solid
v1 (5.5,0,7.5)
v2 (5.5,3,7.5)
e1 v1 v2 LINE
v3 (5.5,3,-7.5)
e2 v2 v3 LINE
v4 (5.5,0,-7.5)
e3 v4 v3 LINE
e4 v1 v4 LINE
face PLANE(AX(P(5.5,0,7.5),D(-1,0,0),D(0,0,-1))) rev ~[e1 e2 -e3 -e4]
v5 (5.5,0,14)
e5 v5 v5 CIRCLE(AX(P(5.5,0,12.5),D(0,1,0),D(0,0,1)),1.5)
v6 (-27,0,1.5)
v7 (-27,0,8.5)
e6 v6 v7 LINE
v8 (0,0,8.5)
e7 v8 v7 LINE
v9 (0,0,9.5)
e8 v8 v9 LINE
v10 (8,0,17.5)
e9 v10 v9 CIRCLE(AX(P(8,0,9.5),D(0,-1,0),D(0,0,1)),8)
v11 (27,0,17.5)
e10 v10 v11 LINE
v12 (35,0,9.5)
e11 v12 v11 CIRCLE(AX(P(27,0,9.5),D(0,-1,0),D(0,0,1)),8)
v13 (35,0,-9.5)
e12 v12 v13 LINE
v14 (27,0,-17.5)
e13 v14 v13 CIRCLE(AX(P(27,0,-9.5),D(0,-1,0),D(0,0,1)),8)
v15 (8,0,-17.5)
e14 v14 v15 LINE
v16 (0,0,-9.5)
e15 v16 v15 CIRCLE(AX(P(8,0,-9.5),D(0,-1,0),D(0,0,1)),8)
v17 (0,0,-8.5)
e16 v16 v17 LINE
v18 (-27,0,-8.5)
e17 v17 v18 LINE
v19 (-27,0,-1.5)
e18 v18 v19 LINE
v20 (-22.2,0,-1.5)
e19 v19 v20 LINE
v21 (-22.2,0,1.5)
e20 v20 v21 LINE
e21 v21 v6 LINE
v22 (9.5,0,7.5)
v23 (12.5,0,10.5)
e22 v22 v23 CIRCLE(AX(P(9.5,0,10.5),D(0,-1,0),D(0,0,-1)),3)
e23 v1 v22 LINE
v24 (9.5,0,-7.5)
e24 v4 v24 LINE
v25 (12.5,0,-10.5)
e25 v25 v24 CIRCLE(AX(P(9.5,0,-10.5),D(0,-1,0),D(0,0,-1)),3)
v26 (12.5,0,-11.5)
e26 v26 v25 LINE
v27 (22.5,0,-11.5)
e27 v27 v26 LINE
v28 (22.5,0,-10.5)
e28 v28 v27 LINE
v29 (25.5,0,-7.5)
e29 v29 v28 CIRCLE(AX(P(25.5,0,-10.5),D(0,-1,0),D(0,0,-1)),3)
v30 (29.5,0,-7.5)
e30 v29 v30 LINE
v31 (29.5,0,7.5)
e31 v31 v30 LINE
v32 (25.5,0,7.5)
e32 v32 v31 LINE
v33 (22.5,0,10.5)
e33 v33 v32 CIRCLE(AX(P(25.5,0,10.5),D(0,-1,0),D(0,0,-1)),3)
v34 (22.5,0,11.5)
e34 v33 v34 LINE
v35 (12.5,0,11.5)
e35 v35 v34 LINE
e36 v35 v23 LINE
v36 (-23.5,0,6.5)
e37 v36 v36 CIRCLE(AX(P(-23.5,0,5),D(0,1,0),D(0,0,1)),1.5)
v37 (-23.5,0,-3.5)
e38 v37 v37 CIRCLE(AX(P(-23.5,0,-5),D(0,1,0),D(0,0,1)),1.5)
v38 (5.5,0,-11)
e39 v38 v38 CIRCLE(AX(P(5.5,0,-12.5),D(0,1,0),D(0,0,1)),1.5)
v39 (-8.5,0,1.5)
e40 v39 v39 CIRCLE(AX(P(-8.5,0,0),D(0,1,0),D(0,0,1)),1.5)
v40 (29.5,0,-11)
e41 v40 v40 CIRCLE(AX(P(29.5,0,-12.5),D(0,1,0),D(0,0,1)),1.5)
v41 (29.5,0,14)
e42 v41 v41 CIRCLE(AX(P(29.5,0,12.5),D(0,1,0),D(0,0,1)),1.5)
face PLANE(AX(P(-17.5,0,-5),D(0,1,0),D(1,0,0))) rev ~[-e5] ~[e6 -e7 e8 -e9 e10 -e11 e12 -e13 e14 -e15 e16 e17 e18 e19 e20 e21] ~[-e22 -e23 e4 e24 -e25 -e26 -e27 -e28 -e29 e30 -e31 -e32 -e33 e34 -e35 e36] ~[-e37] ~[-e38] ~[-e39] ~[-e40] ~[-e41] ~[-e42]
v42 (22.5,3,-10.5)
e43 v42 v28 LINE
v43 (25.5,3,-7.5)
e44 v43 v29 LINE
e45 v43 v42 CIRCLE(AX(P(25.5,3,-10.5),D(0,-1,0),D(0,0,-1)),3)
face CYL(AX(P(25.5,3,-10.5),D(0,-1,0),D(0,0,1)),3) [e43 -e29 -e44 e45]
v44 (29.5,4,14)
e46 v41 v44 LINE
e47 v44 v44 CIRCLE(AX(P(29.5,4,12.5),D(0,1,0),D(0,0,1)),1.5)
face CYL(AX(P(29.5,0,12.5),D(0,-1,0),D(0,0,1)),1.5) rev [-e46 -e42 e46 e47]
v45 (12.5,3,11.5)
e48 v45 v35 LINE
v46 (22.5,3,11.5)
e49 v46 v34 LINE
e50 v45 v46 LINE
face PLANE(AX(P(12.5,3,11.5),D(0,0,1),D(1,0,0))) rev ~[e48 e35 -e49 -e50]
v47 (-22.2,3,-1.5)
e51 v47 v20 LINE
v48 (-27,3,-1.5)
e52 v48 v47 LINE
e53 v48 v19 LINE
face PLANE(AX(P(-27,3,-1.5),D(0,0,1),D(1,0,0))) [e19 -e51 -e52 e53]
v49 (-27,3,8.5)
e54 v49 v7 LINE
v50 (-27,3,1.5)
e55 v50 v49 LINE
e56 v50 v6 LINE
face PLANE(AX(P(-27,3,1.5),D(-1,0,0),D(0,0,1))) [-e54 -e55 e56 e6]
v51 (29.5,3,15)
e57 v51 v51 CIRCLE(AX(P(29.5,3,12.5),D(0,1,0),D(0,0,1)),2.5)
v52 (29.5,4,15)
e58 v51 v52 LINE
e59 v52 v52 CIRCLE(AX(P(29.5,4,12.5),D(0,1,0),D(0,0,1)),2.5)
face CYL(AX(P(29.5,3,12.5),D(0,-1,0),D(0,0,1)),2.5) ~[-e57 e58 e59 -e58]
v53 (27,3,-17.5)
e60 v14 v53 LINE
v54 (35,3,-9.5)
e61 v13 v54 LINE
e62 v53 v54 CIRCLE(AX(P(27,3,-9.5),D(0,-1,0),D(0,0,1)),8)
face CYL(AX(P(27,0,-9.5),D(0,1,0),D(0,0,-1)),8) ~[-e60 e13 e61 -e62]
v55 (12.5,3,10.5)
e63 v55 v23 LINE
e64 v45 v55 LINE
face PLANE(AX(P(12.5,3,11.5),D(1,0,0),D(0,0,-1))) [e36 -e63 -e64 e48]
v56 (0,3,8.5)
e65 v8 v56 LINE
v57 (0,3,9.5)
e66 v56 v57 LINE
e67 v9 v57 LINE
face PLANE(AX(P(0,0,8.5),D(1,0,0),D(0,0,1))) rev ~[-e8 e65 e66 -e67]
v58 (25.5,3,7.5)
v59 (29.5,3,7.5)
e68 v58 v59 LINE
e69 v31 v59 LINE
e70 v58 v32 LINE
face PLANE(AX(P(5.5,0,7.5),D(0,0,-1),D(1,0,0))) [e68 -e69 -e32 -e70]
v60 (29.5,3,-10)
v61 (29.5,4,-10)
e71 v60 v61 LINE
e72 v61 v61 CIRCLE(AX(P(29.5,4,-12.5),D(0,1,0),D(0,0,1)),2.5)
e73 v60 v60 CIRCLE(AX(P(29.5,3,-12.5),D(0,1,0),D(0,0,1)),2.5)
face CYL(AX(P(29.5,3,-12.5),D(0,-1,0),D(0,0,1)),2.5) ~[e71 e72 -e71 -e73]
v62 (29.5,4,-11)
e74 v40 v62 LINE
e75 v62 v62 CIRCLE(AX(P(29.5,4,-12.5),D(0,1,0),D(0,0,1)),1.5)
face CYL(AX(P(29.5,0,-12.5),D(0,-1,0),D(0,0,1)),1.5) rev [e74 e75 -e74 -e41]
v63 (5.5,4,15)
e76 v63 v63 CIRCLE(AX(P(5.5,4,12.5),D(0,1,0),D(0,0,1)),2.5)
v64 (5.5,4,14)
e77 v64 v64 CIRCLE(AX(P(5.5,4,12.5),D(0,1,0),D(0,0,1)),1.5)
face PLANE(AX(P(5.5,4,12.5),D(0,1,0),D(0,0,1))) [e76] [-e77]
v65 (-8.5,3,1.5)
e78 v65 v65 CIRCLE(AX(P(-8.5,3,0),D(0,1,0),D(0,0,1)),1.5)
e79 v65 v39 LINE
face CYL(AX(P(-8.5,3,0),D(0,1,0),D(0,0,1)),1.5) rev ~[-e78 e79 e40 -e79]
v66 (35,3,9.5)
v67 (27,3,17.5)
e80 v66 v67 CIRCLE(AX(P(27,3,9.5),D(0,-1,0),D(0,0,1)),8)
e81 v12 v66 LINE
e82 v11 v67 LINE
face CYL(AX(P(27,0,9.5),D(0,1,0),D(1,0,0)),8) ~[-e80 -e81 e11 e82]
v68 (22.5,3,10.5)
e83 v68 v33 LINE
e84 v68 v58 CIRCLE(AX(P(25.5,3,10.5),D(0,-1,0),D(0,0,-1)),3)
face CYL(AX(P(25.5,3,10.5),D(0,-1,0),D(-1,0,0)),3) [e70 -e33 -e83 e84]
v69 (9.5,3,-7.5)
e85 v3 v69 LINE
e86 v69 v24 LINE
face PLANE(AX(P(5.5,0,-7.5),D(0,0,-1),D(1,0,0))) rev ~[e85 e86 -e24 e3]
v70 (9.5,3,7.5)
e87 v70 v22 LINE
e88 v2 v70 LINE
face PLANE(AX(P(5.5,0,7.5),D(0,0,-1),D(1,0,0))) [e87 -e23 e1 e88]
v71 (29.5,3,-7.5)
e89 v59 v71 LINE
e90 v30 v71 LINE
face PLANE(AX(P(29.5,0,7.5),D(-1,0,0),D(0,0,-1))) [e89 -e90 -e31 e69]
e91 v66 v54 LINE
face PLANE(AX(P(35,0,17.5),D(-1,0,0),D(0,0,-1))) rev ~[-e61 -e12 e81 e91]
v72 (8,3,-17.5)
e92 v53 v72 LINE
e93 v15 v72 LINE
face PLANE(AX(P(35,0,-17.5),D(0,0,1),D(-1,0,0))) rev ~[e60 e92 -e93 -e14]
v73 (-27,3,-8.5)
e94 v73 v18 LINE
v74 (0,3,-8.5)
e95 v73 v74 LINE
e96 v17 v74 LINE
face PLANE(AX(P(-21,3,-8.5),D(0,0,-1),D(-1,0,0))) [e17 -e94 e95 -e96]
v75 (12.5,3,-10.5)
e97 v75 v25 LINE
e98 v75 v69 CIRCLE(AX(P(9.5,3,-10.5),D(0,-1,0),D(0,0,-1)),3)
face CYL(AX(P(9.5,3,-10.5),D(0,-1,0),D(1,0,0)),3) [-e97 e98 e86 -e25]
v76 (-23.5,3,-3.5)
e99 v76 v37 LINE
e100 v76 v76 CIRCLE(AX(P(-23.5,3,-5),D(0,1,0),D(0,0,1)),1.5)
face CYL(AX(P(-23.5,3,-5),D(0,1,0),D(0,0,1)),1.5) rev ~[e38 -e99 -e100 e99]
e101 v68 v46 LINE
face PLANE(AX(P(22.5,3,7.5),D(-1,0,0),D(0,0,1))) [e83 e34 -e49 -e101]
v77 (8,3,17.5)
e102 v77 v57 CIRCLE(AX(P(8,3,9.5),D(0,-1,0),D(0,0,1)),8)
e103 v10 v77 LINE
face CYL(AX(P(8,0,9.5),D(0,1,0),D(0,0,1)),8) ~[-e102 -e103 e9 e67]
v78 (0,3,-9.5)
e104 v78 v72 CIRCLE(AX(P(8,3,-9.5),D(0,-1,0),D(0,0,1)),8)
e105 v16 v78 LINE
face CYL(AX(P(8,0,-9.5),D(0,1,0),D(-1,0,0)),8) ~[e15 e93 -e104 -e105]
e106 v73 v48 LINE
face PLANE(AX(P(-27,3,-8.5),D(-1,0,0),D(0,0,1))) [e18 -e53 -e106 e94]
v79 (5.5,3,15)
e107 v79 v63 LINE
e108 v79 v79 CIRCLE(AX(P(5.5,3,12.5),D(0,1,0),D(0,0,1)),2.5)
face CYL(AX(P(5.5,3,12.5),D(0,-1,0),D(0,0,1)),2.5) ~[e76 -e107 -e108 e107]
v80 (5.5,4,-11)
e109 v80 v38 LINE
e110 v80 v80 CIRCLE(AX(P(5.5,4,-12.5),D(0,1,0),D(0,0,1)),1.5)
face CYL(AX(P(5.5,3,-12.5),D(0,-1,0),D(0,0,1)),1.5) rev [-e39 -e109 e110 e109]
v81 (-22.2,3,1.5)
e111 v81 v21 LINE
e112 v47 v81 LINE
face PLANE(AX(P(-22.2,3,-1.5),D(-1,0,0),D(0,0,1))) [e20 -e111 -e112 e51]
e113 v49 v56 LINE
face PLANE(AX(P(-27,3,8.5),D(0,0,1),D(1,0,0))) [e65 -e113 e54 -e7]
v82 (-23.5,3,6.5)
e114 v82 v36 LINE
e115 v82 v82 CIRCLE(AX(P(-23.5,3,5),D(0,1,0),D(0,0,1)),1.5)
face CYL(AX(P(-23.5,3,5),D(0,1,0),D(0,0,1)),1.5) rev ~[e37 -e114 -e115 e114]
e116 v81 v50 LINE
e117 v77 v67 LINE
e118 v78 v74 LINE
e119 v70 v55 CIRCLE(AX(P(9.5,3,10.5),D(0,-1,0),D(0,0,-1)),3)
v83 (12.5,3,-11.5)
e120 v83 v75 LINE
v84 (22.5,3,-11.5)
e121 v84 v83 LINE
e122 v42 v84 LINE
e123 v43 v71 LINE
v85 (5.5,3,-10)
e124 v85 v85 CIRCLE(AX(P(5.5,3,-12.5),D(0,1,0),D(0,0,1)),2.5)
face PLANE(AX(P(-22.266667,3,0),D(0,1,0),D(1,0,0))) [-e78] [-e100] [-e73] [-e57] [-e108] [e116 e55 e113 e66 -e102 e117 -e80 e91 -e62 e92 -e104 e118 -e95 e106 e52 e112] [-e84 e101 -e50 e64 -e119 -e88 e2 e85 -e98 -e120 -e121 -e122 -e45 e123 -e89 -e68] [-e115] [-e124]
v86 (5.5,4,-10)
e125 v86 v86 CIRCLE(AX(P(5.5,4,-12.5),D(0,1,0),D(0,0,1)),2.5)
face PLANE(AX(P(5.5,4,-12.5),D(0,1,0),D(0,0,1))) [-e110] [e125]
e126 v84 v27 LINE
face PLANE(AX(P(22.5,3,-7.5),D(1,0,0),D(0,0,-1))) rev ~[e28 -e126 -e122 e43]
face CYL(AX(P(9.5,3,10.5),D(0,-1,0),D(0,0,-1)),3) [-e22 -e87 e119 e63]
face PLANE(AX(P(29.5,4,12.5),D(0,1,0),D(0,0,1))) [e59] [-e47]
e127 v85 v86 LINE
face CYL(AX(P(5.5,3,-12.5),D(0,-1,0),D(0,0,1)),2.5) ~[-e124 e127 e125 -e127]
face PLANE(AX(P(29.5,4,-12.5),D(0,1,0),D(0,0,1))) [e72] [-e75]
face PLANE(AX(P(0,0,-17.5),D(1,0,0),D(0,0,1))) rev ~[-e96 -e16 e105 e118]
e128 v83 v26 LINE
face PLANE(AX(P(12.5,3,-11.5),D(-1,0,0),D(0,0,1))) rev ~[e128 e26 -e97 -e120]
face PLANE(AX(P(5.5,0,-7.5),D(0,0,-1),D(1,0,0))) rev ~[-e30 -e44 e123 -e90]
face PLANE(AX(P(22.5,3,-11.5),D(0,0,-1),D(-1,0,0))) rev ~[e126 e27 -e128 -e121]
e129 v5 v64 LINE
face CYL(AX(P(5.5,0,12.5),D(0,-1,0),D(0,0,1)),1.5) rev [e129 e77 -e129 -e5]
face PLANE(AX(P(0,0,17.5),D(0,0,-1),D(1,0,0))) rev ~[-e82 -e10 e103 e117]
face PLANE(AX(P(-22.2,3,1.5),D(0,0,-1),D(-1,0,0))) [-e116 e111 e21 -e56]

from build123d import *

# Parameters (mm, degrees)
SKETCH_1_R          = 1.5
SKETCH_1_W          = 24
SKETCH_1_H          = 15
EXTRUDE_1_DEPTH     = 3
SKETCH_2_R          = 2.5
SKETCH_2_R_2        = 1.5
EXTRUDE_2_DEPTH     = 1
CUT_EXTRUDE_1_REACH = 41.246
SKETCH_3_W          = 7
SKETCH_3_H          = 3
FILLET_1_R          = 8
EXTRUDE_3_DEPTH     = 3
CUT_EXTRUDE_2_REACH = 41.246
SKETCH_5_R          = 1.5
EXTRUDE_START       = -3
SKETCH_6_R          = 1.5
EXTRUDE_4_DEPTH     = 3
CUT_EXTRUDE_3_DEPTH = 40.246018906
FILLET_2_R          = 3


with BuildPart() as part:
    # 草图1 → 凸台-拉伸1 (new body)
    with BuildSketch(Plane(origin=(0, 0, 0), x_dir=(1, 0, 0), z_dir=(0, 1, 0))):
        Polygon((-14, -8.5), (0, -8.5), (0, -17.5), (35, -17.5), (35, 17.5), (0, 17.5), (0, 8.5), (-14, 8.5), (-21, 8.5), (-21, -8.5), align=None)
        with Locations(Location((-2.5, 0, 0), (0, 0, 270))):
            Circle(SKETCH_1_R, mode=Mode.SUBTRACT)
        with Locations(Location((29.5, -12.5, 0), (0, 0, 270))):
            Circle(SKETCH_1_R, mode=Mode.SUBTRACT)
        with Locations(Location((5.5, -12.5, 0), (0, 0, 270))):
            Circle(SKETCH_1_R, mode=Mode.SUBTRACT)
        with Locations(Location((29.5, 12.5, 0), (0, 0, 270))):
            Circle(SKETCH_1_R, mode=Mode.SUBTRACT)
        with Locations(Location((5.5, 12.5, 0), (0, 0, 270))):
            Circle(SKETCH_1_R, mode=Mode.SUBTRACT)
        with Locations(Location((-17.5, -5, 0), (0, 0, 270))):
            Circle(SKETCH_1_R, mode=Mode.SUBTRACT)
        with Locations(Location((-17.5, 5, 0), (0, 0, 270))):
            Circle(SKETCH_1_R, mode=Mode.SUBTRACT)
        with Locations((17.5, 0)):
            Rectangle(SKETCH_1_W, SKETCH_1_H, mode=Mode.SUBTRACT)
    extrude(amount=EXTRUDE_1_DEPTH)

    # 草图2 → 凸台-拉伸2 (add)
    # profile 1 of 4: a face of its own
    with BuildSketch(Plane(origin=(0, 3, 0), x_dir=(1, 0, 0), z_dir=(0, 1, 0))):
        with Locations(Location((5.5, 12.5, 0), (0, 0, 270))):
            Circle(SKETCH_2_R)
        with Locations(Location((5.5, 12.5, 0), (0, 0, 270))):
            Circle(SKETCH_2_R_2, mode=Mode.SUBTRACT)
    # profile 2 of 4: a face of its own
    with BuildSketch(Plane(origin=(0, 3, 0), x_dir=(1, 0, 0), z_dir=(0, 1, 0))):
        with Locations(Location((29.5, 12.5, 0), (0, 0, 270))):
            Circle(SKETCH_2_R)
        with Locations(Location((29.5, 12.5, 0), (0, 0, 270))):
            Circle(SKETCH_2_R_2, mode=Mode.SUBTRACT)
    # profile 3 of 4: a face of its own
    with BuildSketch(Plane(origin=(0, 3, 0), x_dir=(1, 0, 0), z_dir=(0, 1, 0))):
        with Locations(Location((29.5, -12.5, 0), (0, 0, 270))):
            Circle(SKETCH_2_R)
        with Locations(Location((29.5, -12.5, 0), (0, 0, 270))):
            Circle(SKETCH_2_R_2, mode=Mode.SUBTRACT)
    # profile 4 of 4: a face of its own
    with BuildSketch(Plane(origin=(0, 3, 0), x_dir=(1, 0, 0), z_dir=(0, 1, 0))):
        with Locations(Location((5.5, -12.5, 0), (0, 0, 270))):
            Circle(SKETCH_2_R)
        with Locations(Location((5.5, -12.5, 0), (0, 0, 270))):
            Circle(SKETCH_2_R_2, mode=Mode.SUBTRACT)
    extrude(amount=EXTRUDE_2_DEPTH)

    # 草图3 → 切除-拉伸1 (cut, up to next)
    with BuildSketch(Plane(origin=(0, 3, 0), x_dir=(1, 0, 0), z_dir=(0, 1, 0)), mode=Mode.PRIVATE) as cut_extrude_1_sk1:
        with Locations((-17.5, 0)):
            Rectangle(SKETCH_3_W, SKETCH_3_H)
    cut_extrude_1_tool1 = extrude(cut_extrude_1_sk1.sketch, amount=-CUT_EXTRUDE_1_REACH, mode=Mode.PRIVATE) & part.part
    add(cut_extrude_1_tool1.solids().sort_by_distance((-17.5, 3, 0))[0], mode=Mode.SUBTRACT)

    # 圆角1
    fillet_1_edges = [part.edges().sort_by_distance(p)[0] for p in [
        (0, 1.5, -17.5),
        (35, 1.5, -17.5),
        (35, 1.5, 17.5),
        (0, 1.5, 17.5),
    ]]
    fillet(fillet_1_edges, radius=FILLET_1_R)

    # 草图4 → 凸台-拉伸3 (add)
    with BuildSketch(Plane(origin=(0, 3, 0), x_dir=(1, 0, 0), z_dir=(0, 1, 0))):
        Polygon((-21, 8.5), (-27, 8.5), (-27, 1.5), (-22.2, 1.5), (-22.2, -1.5), (-27, -1.5), (-27, -8.5), (-21, -8.5), (-21, -1.5), (-14, -1.5), (-14, 1.5), (-21, 1.5), align=None)
    extrude(amount=-EXTRUDE_3_DEPTH)

    # 草图5 → 切除-拉伸2 (cut, up to next)
    with BuildSketch(Plane(origin=(0, 3, 0), x_dir=(1, 0, 0), z_dir=(0, 1, 0)), mode=Mode.PRIVATE) as cut_extrude_2_sk1:
        with Locations(Location((-23.5, 5, 0), (0, 0, 270))):
            Circle(SKETCH_5_R)
    cut_extrude_2_tool1 = extrude(cut_extrude_2_sk1.sketch, amount=-CUT_EXTRUDE_2_REACH, mode=Mode.PRIVATE) & part.part
    # 草图5 → 切除-拉伸2 (cut, up to next)
    with BuildSketch(Plane(origin=(0, 3, 0), x_dir=(1, 0, 0), z_dir=(0, 1, 0)), mode=Mode.PRIVATE) as cut_extrude_2_sk2:
        with Locations(Location((-23.5, -5, 0), (0, 0, 270))):
            Circle(SKETCH_5_R)
    cut_extrude_2_tool2 = extrude(cut_extrude_2_sk2.sketch, amount=-CUT_EXTRUDE_2_REACH, mode=Mode.PRIVATE) & part.part
    # 草图5 → 切除-拉伸2 (cut, up to next)
    with BuildSketch(Plane(origin=(0, 3, 0), x_dir=(1, 0, 0), z_dir=(0, 1, 0)), mode=Mode.PRIVATE) as cut_extrude_2_sk3:
        with Locations(Location((-8.5, 0, 0), (0, 0, 270))):
            Circle(SKETCH_5_R)
    cut_extrude_2_tool3 = extrude(cut_extrude_2_sk3.sketch, amount=-CUT_EXTRUDE_2_REACH, mode=Mode.PRIVATE) & part.part
    add(cut_extrude_2_tool1.solids().sort_by_distance((-23.5, 3, -5))[0], mode=Mode.SUBTRACT)
    add(cut_extrude_2_tool2.solids().sort_by_distance((-23.5, 3, 5))[0], mode=Mode.SUBTRACT)
    add(cut_extrude_2_tool3.solids().sort_by_distance((-8.5, 3, 0))[0], mode=Mode.SUBTRACT)

    # 草图6 → 凸台-拉伸4 (add)
    with BuildSketch(Plane(origin=(0, 3, 0), x_dir=(1, 0, 0), z_dir=(0, 1, 0)).offset(EXTRUDE_START)):
        with Locations((-17.5, 5)):
            Circle(SKETCH_6_R)
        with Locations((-2.5, 0)):
            Circle(SKETCH_6_R)
        with Locations((-17.5, -5)):
            Circle(SKETCH_6_R)
    extrude(amount=EXTRUDE_4_DEPTH)

    # 草图7 → 切除-拉伸3 (cut, through all)
    with BuildSketch(Plane(origin=(0, 3, 0), x_dir=(1, 0, 0), z_dir=(0, 1, 0))):
        Polygon((17.5, 11.5), (12.5, 11.5), (12.5, 7.5), (22.5, 7.5), (22.5, 11.5), align=None)
        Polygon((22.5, -11.5), (17.5, -11.5), (12.5, -11.5), (12.5, -7.5), (22.5, -7.5), align=None)
    extrude(amount=-CUT_EXTRUDE_3_DEPTH, mode=Mode.SUBTRACT)

    # 圆角2
    fillet_2_edges = [part.edges().sort_by_distance(p)[0] for p in [
        (22.5, 1.5, -7.5),
        (12.5, 1.5, -7.5),
        (22.5, 1.5, 7.5),
        (12.5, 1.5, 7.5),
    ]]
    fillet(fillet_2_edges, radius=FILLET_2_R)


solid = part.part
